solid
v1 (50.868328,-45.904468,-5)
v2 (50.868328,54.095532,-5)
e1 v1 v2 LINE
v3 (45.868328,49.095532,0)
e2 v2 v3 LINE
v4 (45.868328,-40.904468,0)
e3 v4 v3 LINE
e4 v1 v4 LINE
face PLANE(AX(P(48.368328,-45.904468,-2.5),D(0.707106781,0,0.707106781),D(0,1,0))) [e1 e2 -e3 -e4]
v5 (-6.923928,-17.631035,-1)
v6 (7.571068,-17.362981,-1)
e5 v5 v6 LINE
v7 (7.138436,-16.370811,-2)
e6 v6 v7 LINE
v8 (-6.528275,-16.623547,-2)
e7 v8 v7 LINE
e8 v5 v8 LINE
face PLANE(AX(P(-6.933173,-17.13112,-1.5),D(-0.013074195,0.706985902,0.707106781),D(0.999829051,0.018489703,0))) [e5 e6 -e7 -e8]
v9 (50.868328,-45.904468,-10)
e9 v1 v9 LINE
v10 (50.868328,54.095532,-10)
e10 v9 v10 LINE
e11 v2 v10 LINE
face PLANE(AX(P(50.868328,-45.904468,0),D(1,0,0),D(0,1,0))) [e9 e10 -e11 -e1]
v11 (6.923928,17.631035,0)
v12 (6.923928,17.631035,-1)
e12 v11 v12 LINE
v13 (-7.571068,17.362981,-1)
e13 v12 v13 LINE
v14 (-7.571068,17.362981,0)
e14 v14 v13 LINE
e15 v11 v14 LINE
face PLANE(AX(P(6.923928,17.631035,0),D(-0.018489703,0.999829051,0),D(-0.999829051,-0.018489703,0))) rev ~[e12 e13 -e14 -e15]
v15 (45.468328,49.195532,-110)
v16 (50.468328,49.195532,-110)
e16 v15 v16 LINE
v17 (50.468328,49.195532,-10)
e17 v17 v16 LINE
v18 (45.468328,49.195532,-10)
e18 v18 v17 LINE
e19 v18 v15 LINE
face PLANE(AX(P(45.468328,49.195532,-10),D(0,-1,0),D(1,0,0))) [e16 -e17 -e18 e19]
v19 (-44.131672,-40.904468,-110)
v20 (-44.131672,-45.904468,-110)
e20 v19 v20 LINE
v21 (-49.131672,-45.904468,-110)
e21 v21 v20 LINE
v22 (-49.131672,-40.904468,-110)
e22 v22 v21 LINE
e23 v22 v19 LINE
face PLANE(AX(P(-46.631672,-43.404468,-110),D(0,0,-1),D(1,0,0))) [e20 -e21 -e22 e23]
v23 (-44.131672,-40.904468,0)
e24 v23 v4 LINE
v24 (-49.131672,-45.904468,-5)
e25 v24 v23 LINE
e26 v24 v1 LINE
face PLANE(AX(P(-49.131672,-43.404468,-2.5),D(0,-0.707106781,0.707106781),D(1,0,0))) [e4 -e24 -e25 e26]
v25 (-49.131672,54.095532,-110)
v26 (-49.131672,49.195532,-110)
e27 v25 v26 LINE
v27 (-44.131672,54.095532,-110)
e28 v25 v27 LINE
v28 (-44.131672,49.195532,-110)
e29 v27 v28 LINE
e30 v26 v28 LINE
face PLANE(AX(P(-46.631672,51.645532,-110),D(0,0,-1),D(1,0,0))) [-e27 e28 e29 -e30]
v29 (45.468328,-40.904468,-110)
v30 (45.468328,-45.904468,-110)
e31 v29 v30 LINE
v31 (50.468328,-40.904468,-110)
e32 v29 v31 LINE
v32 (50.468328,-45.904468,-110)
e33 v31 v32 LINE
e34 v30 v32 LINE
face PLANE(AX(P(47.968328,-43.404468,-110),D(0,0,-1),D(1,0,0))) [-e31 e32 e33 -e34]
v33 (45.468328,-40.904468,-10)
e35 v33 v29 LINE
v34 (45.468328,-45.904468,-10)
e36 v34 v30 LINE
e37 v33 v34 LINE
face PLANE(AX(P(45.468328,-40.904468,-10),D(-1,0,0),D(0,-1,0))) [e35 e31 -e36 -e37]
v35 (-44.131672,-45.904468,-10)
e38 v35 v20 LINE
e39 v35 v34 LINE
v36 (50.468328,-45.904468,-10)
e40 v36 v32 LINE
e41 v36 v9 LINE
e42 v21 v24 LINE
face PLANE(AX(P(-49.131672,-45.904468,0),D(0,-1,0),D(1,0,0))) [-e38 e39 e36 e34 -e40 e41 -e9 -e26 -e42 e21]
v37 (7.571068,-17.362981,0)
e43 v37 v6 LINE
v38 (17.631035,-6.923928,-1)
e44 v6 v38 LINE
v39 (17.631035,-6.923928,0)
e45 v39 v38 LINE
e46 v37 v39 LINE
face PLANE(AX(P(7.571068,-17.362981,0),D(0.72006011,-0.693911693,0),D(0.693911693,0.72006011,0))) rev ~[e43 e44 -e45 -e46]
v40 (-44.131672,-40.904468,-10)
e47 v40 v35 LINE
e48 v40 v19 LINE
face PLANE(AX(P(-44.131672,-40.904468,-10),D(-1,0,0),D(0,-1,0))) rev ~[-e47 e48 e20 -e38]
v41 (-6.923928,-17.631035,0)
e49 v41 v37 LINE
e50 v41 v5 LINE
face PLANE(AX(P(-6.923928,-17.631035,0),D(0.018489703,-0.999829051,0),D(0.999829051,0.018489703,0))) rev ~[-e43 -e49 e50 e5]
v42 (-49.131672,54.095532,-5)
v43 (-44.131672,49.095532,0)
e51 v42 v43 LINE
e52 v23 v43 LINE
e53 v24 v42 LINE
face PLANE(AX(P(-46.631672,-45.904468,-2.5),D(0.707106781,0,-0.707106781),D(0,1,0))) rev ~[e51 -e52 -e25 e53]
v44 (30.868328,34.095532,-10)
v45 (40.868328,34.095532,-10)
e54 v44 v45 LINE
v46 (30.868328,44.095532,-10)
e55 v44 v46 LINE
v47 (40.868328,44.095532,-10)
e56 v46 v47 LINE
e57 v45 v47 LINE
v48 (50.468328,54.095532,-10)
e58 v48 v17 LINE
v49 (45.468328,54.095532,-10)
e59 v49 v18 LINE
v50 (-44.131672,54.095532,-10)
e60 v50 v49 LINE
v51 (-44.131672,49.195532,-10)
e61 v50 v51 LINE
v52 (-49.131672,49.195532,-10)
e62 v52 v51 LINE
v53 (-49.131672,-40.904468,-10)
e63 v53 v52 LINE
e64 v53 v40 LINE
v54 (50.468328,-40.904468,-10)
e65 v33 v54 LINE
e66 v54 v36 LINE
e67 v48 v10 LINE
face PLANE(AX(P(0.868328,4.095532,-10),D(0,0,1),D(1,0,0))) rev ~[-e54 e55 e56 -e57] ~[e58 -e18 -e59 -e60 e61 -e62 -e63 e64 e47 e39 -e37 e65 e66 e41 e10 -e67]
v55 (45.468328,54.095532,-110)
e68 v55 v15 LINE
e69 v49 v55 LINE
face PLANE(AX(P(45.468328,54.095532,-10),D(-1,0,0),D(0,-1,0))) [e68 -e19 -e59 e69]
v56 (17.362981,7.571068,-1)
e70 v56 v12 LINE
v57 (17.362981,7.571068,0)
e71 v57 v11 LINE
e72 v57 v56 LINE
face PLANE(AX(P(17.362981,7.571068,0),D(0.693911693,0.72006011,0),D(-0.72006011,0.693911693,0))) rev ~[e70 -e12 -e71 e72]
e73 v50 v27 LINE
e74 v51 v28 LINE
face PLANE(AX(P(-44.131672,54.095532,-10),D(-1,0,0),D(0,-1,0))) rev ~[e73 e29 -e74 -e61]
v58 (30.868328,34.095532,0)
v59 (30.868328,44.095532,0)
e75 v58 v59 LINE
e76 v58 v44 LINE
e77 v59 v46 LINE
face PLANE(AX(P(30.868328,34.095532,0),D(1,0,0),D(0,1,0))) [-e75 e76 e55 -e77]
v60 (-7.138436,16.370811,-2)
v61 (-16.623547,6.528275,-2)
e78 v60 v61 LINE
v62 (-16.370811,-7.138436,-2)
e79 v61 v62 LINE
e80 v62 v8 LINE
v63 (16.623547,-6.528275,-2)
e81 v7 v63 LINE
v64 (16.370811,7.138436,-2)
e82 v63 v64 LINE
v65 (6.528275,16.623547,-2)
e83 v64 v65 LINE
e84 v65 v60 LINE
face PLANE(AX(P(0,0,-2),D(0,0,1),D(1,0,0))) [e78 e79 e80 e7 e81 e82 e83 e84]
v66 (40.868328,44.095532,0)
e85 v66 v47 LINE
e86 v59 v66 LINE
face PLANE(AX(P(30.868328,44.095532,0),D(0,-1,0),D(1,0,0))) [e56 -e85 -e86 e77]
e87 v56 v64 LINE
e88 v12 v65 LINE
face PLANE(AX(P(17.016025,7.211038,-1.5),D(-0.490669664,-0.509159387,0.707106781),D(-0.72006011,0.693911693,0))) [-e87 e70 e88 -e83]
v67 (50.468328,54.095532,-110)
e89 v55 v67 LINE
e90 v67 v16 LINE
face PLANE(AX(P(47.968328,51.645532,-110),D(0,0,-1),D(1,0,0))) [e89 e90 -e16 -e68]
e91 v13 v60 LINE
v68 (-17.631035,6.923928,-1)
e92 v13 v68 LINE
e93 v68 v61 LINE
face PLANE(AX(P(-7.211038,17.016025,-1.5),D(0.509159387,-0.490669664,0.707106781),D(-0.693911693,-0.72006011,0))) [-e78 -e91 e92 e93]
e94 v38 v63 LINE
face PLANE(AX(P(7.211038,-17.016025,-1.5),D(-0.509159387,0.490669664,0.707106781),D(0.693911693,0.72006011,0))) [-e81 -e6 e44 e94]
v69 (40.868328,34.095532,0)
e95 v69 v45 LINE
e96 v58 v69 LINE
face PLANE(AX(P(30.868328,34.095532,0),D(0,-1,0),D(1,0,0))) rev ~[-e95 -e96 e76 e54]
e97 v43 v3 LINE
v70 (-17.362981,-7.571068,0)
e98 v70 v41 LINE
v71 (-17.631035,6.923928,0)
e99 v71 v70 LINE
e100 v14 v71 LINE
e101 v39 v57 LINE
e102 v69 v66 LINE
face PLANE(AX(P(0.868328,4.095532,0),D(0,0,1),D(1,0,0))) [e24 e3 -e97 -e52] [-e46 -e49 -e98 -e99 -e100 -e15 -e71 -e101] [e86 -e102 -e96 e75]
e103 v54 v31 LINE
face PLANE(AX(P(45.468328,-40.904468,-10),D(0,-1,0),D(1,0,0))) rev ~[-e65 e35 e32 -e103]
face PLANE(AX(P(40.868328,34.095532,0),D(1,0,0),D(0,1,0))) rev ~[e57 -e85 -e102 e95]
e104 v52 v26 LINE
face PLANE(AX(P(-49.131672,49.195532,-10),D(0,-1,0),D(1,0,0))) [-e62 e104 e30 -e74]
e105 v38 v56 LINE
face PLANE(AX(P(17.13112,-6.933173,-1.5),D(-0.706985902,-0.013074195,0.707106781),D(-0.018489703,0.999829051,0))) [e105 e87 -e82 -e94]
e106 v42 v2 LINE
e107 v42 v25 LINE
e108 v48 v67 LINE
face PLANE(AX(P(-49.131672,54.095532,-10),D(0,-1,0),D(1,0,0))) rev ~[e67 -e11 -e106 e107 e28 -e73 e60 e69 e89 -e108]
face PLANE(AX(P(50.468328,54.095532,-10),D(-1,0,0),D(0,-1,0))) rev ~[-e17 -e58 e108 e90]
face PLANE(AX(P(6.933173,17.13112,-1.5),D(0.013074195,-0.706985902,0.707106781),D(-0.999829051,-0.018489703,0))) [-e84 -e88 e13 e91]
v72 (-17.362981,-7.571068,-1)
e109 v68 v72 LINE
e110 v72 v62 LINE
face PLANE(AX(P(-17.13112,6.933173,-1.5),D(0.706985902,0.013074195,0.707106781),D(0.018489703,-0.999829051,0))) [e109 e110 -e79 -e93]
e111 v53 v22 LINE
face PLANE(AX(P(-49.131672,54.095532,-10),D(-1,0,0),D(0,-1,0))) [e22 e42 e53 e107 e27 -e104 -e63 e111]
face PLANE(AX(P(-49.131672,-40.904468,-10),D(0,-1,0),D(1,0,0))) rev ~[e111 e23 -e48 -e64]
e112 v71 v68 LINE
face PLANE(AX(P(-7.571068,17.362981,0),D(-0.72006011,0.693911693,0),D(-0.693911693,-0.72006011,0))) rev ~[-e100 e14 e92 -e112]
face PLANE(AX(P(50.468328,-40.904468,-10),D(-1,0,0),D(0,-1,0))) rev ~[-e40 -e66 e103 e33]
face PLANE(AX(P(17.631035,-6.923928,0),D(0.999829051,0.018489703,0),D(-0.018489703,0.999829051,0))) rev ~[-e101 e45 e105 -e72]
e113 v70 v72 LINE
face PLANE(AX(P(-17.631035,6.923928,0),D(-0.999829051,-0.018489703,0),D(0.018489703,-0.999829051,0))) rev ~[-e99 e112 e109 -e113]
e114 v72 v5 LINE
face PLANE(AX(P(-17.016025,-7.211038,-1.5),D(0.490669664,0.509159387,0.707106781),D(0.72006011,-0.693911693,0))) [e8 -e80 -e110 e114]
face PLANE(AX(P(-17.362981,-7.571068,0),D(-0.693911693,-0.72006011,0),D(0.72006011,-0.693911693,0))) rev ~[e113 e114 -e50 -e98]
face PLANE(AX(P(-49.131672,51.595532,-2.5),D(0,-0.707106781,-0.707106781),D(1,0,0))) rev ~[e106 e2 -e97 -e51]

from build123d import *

# Parameters (mm, degrees)
F0_W     = 100
F0_H     = 100
F2_DEPTH = 10
F4_SIZE2 = 5
F4_SIZE  = 5
F3_W     = 10
F3_H     = 10
F5_DEPTH = 34
F6_DEPTH = 2
F7_SIZE  = 1
F8_W     = 5
F8_H     = 4.9
F8_H_2   = 5
F9_DEPTH = 100


with BuildPart() as f2:
    # F0 (on Top) → F2 (new body)
    with BuildSketch(Plane.XY):
        with Locations((0.868328, 4.095532)):
            Rectangle(F0_W, F0_H)
    extrude(amount=-F2_DEPTH)

    # F4
    f4_edges = [f2.edges().sort_by_distance(p)[0] for p in [
        (0.868328, -45.904468, 0),
        (-49.131672, 4.095532, 0),
        (0.868328, 54.095532, 0),
        (50.868328, 4.095532, 0),
    ]]
    chamfer(f4_edges, length=F4_SIZE, length2=F4_SIZE2)

    # F3 (on face) → F5 (cut)
    with BuildSketch(Plane.XY):
        with Locations((35.868328, 39.095532)):
            Rectangle(F3_W, F3_H)
    extrude(amount=-F5_DEPTH, mode=Mode.SUBTRACT)

    # F1 (on face) → F6 (cut)
    with BuildSketch(Plane.XY):
        Polygon((-7.571068, 17.362981), (-17.631035, 6.923928), (-17.362981, -7.571068), (-6.923928, -17.631035), (7.571068, -17.362981), (17.631035, -6.923928), (17.362981, 7.571068), (6.923928, 17.631035), align=None)
    extrude(amount=-F6_DEPTH, mode=Mode.SUBTRACT)

    # F7
    f7_edges = [f2.edges().sort_by_distance(p)[0] for p in [
        (12.143455, 12.601052, -2),
        (-0.32357, 17.497008, -2),
        (-12.601052, 12.143455, -2),
        (-17.497008, -0.32357, -2),
        (-12.143455, -12.601052, -2),
        (0.32357, -17.497008, -2),
        (12.601052, -12.143455, -2),
        (17.497008, 0.32357, -2),
    ]]
    chamfer(f7_edges, length=F7_SIZE)

    # F8 (on face) → F9 (join)
    with BuildSketch(Plane(origin=(0, 0, -10), x_dir=(1, 0, 0), z_dir=(0, 0, -1))):
        with Locations((-46.631672, -51.645532)):
            Rectangle(F8_W, F8_H)
        with Locations((-46.631672, 43.404468)):
            Rectangle(F8_W, F8_H_2)
        with Locations((47.968328, -51.645532)):
            Rectangle(F8_W, F8_H)
        with Locations((47.968328, 43.404468)):
            Rectangle(F8_W, F8_H_2)
    extrude(amount=F9_DEPTH)


solid = f2.part
